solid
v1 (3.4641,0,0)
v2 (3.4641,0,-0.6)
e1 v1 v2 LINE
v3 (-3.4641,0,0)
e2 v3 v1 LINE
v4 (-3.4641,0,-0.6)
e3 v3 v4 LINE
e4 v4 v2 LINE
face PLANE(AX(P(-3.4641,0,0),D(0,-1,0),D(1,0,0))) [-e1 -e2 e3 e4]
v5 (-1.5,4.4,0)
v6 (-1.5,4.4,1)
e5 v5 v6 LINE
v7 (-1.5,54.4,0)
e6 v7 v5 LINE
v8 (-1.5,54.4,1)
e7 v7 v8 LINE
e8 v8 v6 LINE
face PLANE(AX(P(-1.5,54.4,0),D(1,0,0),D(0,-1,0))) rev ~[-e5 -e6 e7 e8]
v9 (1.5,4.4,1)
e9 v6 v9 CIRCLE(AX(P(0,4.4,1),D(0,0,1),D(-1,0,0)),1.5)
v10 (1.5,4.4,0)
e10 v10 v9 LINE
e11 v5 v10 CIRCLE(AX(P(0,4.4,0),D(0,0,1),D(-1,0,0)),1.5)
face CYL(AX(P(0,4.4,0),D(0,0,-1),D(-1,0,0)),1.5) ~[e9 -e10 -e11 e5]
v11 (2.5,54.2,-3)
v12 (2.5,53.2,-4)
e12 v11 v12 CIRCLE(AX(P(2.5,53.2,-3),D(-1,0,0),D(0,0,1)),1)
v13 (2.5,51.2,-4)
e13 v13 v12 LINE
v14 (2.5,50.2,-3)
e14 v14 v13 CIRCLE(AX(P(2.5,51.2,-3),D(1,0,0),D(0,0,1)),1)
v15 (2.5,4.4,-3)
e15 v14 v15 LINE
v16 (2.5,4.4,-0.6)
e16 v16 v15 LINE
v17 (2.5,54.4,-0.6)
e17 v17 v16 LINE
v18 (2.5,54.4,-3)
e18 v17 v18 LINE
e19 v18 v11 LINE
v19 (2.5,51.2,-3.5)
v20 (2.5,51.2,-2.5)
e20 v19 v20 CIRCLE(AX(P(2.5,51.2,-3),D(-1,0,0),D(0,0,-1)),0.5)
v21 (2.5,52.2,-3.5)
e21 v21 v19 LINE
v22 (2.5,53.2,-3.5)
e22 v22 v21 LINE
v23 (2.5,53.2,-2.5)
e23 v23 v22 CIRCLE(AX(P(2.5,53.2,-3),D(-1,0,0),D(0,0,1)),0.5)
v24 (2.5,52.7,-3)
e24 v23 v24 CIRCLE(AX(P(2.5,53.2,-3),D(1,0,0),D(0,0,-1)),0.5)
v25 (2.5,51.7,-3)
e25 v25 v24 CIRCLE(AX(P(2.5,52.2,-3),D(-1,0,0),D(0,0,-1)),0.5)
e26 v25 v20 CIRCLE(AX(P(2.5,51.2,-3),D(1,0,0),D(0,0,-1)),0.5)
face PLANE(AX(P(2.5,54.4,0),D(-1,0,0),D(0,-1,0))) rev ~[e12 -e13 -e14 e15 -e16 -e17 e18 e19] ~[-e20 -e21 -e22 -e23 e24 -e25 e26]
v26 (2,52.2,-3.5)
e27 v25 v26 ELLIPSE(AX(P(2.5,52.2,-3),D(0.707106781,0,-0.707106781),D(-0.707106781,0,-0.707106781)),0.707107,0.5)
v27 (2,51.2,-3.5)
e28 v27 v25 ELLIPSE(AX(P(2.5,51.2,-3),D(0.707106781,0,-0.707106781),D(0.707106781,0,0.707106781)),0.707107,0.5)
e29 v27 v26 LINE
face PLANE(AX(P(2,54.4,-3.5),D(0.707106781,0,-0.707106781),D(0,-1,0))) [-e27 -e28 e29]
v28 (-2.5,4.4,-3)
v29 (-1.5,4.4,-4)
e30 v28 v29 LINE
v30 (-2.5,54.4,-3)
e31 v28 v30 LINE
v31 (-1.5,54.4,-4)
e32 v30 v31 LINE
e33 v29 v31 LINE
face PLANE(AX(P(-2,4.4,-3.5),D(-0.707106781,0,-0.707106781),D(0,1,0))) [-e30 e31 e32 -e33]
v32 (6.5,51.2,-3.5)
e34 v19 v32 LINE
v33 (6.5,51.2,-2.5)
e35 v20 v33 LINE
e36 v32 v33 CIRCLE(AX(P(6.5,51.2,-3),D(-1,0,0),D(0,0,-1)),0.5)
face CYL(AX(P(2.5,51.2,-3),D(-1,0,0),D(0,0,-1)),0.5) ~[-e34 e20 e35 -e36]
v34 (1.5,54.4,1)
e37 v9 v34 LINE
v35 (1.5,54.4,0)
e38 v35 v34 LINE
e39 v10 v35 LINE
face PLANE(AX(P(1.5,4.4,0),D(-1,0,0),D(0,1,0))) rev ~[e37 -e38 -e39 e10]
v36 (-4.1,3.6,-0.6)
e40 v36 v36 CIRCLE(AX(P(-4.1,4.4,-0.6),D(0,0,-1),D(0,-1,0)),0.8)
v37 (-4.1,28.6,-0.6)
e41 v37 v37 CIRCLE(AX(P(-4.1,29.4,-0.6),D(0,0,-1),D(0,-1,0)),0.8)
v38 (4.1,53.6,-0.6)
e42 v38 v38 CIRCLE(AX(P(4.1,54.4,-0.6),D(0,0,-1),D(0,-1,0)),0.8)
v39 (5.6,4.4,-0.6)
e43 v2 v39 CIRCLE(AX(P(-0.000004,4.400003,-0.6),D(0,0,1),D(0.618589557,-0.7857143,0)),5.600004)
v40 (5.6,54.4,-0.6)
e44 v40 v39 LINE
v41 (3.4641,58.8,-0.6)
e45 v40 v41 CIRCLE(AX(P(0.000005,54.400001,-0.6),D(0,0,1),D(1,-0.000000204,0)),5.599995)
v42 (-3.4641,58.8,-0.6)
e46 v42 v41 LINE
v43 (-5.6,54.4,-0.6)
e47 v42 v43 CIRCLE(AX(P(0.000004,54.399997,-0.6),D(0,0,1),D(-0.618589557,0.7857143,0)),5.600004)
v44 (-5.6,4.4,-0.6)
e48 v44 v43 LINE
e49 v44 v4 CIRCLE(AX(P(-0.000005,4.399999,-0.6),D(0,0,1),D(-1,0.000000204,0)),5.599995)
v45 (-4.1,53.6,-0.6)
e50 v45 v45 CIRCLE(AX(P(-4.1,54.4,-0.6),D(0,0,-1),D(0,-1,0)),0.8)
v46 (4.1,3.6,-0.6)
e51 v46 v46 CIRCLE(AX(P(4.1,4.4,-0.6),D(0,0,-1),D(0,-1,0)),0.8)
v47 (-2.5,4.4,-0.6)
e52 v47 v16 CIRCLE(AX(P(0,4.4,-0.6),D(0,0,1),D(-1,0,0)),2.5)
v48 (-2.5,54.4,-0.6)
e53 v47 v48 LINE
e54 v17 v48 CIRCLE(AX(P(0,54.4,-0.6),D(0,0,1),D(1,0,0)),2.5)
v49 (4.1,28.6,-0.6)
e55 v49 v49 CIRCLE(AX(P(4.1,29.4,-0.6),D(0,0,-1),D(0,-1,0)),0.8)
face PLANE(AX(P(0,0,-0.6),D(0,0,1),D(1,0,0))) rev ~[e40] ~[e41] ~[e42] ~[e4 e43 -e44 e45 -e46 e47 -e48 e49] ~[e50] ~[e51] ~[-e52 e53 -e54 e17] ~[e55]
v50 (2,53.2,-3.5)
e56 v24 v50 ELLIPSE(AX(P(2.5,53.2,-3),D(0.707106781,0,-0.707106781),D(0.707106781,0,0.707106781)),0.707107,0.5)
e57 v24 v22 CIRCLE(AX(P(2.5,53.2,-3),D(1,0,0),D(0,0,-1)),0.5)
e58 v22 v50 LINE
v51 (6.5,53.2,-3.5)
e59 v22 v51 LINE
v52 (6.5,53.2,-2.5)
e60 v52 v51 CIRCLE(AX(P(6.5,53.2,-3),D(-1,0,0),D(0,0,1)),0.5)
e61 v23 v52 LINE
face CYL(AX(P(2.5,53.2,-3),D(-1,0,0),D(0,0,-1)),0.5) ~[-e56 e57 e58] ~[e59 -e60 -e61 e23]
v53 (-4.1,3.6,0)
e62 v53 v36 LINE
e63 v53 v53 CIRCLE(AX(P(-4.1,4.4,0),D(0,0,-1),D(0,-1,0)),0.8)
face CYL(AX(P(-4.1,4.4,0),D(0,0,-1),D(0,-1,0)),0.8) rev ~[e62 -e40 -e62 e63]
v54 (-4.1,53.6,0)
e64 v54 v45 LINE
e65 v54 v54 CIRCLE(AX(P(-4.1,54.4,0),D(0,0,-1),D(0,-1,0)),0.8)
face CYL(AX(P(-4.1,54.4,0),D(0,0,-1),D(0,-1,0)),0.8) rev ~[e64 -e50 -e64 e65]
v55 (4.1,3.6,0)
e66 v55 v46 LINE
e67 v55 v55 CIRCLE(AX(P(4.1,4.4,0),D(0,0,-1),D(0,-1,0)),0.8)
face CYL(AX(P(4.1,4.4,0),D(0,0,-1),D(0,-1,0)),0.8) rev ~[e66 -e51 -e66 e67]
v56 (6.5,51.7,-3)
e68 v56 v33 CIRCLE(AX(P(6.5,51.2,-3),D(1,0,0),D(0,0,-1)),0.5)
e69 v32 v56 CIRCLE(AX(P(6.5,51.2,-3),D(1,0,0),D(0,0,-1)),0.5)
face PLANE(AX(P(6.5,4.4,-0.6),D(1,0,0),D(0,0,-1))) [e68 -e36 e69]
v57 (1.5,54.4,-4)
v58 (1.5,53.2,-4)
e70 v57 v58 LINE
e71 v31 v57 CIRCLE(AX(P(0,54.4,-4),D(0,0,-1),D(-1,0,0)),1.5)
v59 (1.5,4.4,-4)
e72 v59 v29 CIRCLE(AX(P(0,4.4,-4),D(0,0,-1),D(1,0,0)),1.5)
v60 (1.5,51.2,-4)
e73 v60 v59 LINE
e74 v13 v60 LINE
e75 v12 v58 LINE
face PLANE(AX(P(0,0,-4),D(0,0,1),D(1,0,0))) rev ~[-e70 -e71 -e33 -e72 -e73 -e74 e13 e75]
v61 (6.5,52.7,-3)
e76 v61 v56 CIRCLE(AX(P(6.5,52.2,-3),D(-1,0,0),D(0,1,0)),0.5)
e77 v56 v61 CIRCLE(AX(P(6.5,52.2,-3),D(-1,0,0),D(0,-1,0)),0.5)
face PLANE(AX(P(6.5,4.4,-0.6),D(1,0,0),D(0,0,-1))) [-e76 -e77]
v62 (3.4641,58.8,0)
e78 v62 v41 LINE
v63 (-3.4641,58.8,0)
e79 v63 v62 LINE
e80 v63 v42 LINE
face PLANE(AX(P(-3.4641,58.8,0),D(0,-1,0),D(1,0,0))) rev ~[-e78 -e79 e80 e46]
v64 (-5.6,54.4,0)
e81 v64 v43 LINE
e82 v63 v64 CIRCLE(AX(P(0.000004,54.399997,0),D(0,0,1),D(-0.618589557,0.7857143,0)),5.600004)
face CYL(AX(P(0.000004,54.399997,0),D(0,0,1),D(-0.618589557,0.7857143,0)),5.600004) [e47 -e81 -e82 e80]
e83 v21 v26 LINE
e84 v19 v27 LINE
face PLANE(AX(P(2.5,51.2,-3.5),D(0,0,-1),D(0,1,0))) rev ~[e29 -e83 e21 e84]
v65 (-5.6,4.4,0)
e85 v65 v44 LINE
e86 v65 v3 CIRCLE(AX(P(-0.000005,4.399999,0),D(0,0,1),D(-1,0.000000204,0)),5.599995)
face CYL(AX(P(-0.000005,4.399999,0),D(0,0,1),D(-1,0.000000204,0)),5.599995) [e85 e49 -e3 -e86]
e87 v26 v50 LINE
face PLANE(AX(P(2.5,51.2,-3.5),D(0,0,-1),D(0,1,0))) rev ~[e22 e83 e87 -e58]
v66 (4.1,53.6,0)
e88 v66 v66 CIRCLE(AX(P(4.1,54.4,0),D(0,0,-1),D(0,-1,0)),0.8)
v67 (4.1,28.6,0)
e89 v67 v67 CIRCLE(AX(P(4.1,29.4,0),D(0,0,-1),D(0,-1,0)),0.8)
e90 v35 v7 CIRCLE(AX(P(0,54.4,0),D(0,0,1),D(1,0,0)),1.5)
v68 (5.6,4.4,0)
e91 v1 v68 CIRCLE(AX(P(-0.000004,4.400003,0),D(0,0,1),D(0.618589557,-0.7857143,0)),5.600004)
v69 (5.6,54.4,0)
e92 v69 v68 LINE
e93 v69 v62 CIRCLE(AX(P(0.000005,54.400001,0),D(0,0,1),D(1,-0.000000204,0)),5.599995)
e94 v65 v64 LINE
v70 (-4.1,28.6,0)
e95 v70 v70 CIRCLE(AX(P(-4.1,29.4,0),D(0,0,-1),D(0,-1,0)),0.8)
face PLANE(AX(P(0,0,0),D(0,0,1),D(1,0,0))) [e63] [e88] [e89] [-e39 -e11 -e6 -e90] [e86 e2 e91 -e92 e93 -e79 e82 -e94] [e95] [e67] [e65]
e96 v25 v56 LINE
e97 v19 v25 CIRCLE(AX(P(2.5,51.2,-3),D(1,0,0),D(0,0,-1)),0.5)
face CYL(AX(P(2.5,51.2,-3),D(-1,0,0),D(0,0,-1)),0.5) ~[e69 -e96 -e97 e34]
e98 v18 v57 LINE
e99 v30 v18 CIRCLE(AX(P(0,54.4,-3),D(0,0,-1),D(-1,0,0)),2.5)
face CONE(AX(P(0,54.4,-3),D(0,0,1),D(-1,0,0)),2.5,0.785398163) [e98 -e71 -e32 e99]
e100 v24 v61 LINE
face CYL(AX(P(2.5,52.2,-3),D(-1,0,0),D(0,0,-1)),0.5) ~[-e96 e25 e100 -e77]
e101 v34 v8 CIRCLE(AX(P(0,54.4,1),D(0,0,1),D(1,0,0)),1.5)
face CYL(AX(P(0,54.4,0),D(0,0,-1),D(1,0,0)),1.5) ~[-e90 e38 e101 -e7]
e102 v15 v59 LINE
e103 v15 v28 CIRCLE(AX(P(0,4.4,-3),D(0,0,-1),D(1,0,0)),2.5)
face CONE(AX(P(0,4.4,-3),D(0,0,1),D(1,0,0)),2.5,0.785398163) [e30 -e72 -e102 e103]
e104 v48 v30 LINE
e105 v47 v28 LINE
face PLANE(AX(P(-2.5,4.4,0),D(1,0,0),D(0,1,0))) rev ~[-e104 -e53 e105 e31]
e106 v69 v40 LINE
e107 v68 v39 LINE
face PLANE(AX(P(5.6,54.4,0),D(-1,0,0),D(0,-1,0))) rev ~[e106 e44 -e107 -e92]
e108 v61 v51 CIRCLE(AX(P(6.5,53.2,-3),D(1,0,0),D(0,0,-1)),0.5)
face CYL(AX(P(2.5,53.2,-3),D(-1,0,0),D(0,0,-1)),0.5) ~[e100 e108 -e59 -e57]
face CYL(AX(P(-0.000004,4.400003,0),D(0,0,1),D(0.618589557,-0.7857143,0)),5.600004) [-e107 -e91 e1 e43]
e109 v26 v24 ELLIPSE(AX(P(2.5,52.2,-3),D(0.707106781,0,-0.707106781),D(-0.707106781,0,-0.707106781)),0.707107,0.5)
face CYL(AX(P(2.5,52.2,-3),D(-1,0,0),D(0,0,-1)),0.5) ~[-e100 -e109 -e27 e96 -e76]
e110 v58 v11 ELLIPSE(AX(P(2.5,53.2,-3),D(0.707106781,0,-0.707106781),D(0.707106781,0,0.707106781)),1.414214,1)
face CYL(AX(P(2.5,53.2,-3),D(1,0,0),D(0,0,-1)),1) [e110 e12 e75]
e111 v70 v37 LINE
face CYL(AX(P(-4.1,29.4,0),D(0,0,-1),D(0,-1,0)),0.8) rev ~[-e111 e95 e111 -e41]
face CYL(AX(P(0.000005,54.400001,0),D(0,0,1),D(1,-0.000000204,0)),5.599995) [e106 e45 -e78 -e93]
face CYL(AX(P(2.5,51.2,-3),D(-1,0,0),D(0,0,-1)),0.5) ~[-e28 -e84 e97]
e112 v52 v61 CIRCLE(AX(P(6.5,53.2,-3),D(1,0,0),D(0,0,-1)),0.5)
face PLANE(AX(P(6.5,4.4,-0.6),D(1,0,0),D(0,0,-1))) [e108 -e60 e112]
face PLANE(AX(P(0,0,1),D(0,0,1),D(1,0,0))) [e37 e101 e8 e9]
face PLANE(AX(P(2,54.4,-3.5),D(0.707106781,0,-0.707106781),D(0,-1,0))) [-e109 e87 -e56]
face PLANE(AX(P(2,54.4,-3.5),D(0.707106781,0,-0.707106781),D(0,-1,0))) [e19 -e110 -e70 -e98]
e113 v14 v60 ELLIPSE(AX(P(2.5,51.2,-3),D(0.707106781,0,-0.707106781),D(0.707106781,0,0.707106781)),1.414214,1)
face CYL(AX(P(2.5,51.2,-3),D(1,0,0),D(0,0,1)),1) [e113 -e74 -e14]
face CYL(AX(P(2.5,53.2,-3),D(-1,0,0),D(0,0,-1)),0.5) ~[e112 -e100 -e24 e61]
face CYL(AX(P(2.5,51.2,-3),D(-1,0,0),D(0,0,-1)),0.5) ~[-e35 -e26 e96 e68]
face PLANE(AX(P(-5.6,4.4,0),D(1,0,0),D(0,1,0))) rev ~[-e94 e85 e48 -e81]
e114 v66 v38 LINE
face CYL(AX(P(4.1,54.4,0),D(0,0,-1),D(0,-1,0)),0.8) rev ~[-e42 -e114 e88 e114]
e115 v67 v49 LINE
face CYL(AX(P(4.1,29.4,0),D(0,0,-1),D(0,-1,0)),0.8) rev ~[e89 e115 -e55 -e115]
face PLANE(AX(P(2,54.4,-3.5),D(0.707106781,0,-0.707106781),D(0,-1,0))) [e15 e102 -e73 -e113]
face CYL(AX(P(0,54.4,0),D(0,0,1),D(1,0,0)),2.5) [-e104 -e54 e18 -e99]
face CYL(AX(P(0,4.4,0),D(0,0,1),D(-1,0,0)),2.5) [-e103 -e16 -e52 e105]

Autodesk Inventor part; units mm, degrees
ref_plane "YZ Plane" through (0, 0, 0) normal (1, 0, 0) x (0, 1, 0)
ref_plane "XZ Plane" through (0, 0, 0) normal (0, 1, 0) x (-1, 0, 0)
ref_plane "XY Plane" through (0, 0, 0) normal (0, 0, 1) x (1, 0, 0)
sketch "Sketch1" plane through (0, 0, 0) normal (0, 0, 1) x (1, 0, 0)
  line L0 (0, 54.4) -> (0, 4.4) construction
  line L1 (-1.5, 54.4) -> (-1.5, 4.4)
  line L2 (1.5, 4.4) -> (1.5, 54.4)
  arc A0 (1.5, 54.4) -> (-1.5, 54.4) centre (0, 54.4) ccw
  arc A1 (-1.5, 4.4) -> (1.5, 4.4) centre (0, 4.4) ccw
  line L3 (-5.6, 4.4) -> (-5.6, 54.4)
  line L4 (5.6, 54.4) -> (5.6, 4.4)
  line L5 (-4.1, 4.4) -> (-4.1, 54.4)
  arc A2 (4.1, 54.4) -> (-4.1, 54.4) centre (0, 54.4) ccw
  line L6 (4.1, 54.4) -> (4.1, 4.4)
  arc A3 (-4.1, 4.4) -> (4.1, 4.4) centre (0, 4.4) ccw
  line L7 (-2.5, 4.4) -> (-2.5, 54.4)
  arc A4 (2.5, 54.4) -> (-2.5, 54.4) centre (0, 54.4) ccw
  line L8 (2.5, 54.4) -> (2.5, 4.4)
  arc A5 (-2.5, 4.4) -> (2.5, 4.4) centre (0, 4.4) ccw
  arc A6 (5.6, 54.4) -> (3.4641, 58.8) centre (0, 54.4) ccw
  arc A7 (-3.4641, 58.8) -> (-5.6, 54.4) centre (0, 54.4) ccw
  arc A8 (-5.6, 4.4) -> (-3.4641, 0) centre (0, 4.4) ccw
  arc A9 (3.4641, 0) -> (5.6, 4.4) centre (0, 4.4) ccw
  line L9 (-3.4641, 0) -> (3.4641, 0)
  line L10 (-3.4641, 58.8) -> (3.4641, 58.8)
  point P0 (0, 0)
  point P1 (0, 1.5)
  point P2 (0, 29.4)
  point P3 (4.1, 29.4)
  point P4 (-4.1, 29.4)
  dimension "d0" = 3
  dimension "d1" = 50
  dimension "d2" = 4.1
  dimension "d3" = 2.6
  dimension "d4" = 1
extrude "Extrusion1" add sketch "Sketch1" along normal blind 1 contours A0 L2 A1 L1
extrude "Extrusion2" add sketch "Sketch1" against normal blind 4 contours A0 L2 A1 L1 | L7 A4 L8 A5
extrude "Extrusion3" add sketch "Sketch1" against normal blind 0.6 contours L3 A7 L10 A6 L4 A9 L9 A8 | L5 A2 L6 A3
chamfer "Chamfer1" distance 1 angle 45 4 edges at (2.5, 29.4, -4) (0, 1.9, -4) (-2.5, 29.4, -4) (0, 56.9, -4)
hole "Hole1" at (-4.1, 29.4, 0) at (4.1, 29.4, 0) at (-4.1, 54.4, 0) at (4.1, 54.4, 0) at (4.1, 4.4, 0) at (-4.1, 4.4, 0) direction (0, 0, -1) diameter 1.6 depth 8 tip angle 118
sketch "Sketch2" plane through (2.5, 4.4, -0.6) normal (1, 0, 0) x (0, 0, -1)
  line L0 (2.4, 50) -> (2.4, 0) projected
  line L1 (0, 50) -> (2.4, 50) projected
  line L2 (0, 50) -> (0, 0) projected
  line L3 (0, 0) -> (2.4, 0) projected
  line L4 (2.4, 48.8) -> (2.4, 46.8) construction
  line L5 (1.9, 48.8) -> (1.9, 46.8)
  line L6 (2.9, 46.8) -> (2.9, 48.8)
  arc A0 (2.9, 48.8) -> (1.9, 48.8) centre (2.4, 48.8) ccw
  arc A1 (1.9, 46.8) -> (2.9, 46.8) centre (2.4, 46.8) ccw
  line L7 (1.4, 48.8) -> (1.4, 46.8)
  arc A2 (1.4, 46.8) -> (3.4, 46.8) centre (2.4, 46.8) ccw
  line L8 (3.4, 46.8) -> (3.4, 48.8)
  arc A3 (3.4, 48.8) -> (1.4, 48.8) centre (2.4, 48.8) ccw
  circle A4 centre (2.4, 48.8) radius 0.5
  circle A5 centre (2.4, 46.8) radius 0.5
  circle A6 centre (2.4, 47.8) radius 0.5
  point P0 (-0.6, -4.4)
  dimension "d21" = 2
  dimension "d22" = 1
  dimension "d23" = 2.4
  dimension "d24" = 0
  dimension "d25" = 1.2
  dimension "d26" = 0.5
  dimension "d27" = 1
  dimension "d29" = 1
extrude "Extrusion4" add sketch "Sketch2" against normal blind 1 contours A3 L8 A2 L0 A1 L6 A0 | L0 A0 L5 A1 A2 L7 A3
extrude "Extrusion5" add sketch "Sketch2" along normal mid plane 8 contours A0 A4 L0 | L0 A4 A0 | A6 L0 | L0 A6 | A5 A1 L0 | L0 A1 A5
properties part number "ASSEMBLY_Regolith_container_level_sensor" material "Aluminum 6061"
